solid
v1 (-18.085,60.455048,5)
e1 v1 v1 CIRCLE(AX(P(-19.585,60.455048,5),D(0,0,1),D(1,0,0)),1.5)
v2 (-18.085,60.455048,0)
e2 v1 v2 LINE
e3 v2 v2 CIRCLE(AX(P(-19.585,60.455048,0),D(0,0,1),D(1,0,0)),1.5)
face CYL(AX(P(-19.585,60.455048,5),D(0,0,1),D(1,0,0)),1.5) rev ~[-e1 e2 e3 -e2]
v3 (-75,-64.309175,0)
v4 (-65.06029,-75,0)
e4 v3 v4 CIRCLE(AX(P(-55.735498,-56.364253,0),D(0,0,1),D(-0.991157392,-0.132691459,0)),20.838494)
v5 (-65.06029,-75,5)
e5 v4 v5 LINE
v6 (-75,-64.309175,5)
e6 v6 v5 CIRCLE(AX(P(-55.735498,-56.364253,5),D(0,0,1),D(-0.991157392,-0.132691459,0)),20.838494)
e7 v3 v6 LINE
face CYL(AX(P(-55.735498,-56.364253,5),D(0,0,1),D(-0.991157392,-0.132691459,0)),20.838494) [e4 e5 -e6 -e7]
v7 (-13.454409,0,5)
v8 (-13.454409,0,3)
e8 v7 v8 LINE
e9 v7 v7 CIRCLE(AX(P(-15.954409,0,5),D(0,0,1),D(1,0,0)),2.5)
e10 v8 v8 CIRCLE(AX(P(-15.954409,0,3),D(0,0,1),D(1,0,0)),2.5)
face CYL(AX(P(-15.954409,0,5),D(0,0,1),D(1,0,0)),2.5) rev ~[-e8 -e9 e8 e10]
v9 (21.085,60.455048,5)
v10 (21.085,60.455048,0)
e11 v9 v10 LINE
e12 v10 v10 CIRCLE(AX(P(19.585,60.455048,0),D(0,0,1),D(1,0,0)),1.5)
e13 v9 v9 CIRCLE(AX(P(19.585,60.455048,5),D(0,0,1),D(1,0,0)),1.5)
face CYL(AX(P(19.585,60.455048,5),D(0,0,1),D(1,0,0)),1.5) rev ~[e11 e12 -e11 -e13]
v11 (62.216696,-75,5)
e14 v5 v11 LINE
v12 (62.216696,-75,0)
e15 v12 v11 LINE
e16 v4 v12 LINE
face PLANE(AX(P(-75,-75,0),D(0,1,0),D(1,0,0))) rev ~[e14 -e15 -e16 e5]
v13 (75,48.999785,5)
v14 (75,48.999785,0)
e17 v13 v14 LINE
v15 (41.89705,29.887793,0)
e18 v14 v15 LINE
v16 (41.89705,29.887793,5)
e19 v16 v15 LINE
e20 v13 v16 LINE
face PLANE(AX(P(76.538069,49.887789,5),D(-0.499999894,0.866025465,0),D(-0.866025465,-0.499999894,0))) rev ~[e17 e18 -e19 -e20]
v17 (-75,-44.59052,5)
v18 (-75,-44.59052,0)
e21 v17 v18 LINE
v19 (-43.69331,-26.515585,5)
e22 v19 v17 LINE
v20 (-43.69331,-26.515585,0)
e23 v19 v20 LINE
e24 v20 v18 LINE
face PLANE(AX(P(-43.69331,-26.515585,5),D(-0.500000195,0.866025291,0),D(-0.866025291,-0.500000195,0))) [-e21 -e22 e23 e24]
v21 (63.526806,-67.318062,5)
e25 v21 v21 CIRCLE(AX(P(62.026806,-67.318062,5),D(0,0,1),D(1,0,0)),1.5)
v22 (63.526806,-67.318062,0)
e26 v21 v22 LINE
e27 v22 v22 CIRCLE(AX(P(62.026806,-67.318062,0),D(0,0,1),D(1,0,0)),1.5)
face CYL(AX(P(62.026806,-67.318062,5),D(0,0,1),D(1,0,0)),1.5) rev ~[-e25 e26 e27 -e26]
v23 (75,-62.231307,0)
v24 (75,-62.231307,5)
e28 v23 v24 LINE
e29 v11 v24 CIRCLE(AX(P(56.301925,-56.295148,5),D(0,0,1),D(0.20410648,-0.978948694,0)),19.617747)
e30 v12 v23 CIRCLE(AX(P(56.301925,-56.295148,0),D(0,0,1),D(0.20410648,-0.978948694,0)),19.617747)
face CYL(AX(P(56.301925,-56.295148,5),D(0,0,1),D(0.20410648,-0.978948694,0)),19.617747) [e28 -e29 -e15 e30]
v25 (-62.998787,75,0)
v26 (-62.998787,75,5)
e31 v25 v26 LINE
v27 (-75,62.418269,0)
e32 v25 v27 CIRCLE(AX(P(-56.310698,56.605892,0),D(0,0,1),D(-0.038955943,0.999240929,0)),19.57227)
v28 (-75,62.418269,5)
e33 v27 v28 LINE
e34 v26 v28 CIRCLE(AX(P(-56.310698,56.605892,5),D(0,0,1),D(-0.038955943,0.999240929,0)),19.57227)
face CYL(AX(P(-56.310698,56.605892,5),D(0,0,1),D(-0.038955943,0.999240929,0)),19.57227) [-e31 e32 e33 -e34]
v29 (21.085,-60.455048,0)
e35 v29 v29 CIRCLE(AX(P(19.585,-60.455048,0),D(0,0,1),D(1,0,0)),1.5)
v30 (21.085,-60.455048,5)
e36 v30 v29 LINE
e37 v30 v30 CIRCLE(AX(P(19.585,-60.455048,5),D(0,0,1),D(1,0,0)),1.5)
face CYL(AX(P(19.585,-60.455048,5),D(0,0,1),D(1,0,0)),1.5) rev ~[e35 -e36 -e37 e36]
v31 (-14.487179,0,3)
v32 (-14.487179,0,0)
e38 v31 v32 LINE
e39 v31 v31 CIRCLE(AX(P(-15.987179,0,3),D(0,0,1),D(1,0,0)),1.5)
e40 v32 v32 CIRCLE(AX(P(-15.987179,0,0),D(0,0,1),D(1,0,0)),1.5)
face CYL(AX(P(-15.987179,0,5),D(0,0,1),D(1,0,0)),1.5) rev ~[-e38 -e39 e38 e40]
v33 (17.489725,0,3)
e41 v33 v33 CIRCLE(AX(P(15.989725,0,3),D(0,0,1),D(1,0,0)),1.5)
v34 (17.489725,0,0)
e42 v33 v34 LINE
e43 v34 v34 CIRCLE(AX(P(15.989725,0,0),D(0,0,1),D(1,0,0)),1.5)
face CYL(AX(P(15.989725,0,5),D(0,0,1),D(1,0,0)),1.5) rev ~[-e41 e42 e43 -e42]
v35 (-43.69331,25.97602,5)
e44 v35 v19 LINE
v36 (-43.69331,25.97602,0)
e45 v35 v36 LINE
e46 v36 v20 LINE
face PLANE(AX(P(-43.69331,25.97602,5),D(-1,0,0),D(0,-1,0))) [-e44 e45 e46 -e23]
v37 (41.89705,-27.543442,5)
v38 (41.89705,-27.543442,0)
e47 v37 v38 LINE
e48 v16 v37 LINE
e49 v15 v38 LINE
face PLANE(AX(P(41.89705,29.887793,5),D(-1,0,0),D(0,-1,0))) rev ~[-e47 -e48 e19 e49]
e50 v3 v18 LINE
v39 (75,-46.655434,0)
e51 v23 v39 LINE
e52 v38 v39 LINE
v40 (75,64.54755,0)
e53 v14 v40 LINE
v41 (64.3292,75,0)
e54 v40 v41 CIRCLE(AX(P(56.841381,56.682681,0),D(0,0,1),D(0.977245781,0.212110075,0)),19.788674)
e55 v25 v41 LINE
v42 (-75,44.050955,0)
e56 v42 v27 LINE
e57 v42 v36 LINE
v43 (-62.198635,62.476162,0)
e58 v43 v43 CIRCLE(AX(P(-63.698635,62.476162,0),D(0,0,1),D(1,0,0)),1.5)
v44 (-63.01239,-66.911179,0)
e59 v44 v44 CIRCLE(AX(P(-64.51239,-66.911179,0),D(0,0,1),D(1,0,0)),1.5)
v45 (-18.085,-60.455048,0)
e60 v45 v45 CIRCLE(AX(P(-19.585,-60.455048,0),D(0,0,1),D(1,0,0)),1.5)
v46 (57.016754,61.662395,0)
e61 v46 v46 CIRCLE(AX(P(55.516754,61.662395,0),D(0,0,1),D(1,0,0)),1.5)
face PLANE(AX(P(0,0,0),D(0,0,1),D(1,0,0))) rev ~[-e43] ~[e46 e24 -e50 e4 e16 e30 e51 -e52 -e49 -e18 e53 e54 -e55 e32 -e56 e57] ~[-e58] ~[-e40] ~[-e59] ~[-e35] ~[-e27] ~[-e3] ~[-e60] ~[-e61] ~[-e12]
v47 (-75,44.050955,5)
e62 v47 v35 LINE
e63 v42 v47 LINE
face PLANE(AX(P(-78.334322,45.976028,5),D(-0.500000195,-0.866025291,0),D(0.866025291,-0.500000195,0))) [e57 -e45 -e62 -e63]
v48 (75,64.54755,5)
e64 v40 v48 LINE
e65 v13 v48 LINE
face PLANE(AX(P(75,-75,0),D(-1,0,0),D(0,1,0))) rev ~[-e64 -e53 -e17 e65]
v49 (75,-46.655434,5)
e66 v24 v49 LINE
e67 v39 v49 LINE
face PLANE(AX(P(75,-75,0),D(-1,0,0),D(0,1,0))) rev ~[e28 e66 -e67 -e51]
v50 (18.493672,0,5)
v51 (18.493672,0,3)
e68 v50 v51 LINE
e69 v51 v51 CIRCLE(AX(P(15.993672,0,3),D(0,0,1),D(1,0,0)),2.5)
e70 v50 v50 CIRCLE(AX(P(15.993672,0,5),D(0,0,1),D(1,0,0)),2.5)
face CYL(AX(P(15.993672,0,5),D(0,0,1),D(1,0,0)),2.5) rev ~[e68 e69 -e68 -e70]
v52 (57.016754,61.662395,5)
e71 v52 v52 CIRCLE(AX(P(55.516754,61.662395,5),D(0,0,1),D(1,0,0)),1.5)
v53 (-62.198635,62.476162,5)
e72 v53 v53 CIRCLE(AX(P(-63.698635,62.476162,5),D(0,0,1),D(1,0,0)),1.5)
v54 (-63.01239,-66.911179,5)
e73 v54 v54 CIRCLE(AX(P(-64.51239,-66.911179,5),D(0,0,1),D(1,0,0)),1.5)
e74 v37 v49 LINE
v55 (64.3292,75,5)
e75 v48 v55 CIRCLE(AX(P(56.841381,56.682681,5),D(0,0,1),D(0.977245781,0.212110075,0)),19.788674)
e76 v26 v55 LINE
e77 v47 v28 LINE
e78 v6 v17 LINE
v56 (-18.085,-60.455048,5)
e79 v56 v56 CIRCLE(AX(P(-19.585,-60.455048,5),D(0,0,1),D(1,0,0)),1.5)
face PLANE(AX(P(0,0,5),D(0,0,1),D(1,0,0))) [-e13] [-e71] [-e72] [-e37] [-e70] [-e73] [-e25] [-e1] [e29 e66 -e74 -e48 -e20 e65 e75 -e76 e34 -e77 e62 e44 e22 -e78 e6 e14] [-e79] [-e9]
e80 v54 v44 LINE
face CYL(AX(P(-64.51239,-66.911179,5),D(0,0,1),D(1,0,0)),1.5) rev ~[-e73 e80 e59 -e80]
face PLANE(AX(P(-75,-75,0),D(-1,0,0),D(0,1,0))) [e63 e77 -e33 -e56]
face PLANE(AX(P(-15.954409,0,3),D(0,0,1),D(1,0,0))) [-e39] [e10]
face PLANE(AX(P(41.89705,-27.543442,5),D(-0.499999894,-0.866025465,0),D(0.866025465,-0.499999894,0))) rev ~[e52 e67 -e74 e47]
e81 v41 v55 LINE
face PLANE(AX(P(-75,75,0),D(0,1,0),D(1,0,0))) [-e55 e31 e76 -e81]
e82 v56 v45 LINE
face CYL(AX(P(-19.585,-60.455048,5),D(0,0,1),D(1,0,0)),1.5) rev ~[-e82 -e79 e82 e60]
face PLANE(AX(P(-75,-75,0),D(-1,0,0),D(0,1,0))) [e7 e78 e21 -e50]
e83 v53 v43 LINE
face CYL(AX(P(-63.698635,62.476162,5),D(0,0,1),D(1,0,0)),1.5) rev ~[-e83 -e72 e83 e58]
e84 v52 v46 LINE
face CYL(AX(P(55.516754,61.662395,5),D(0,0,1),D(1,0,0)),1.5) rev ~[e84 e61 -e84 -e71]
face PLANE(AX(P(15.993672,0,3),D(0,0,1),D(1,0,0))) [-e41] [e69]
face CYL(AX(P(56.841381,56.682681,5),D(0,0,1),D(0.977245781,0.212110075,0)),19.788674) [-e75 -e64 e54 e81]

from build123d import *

# Parameters (mm, degrees)
SKETCH_W        = 150
SKETCH_H        = 150
PAD_DEPTH       = 5
SKETCH001_R     = 1.5
POCKET_DEPTH    = 6
POCKET001_DEPTH = 6
SKETCH003_R     = 1.5
POCKET002_DEPTH = 6
SKETCH004_R     = 2.5
POCKET003_DEPTH = 2


with BuildPart() as part:
    # Sketch → Pad (new body)
    with BuildSketch(Plane.XY):
        Rectangle(SKETCH_W, SKETCH_H)
    extrude(amount=PAD_DEPTH)

    # Sketch001 (on Face6 of Pad) → Pocket (cut)
    with BuildSketch(Plane.XY.offset(5)):
        with Locations((-63.698635, 62.476162)):
            Circle(SKETCH001_R)
        with Locations((55.516754, 61.662395)):
            Circle(SKETCH001_R)
        with Locations((62.026806, -67.318062)):
            Circle(SKETCH001_R)
        with Locations((-64.51239, -66.911179)):
            Circle(SKETCH001_R)
        with Locations((-15.987179, 0)):
            Circle(SKETCH001_R)
        with Locations((15.989725, 0)):
            Circle(SKETCH001_R)
        Polygon((-78.334322, 45.976028), (-43.69331, 25.97602), (-43.69331, -26.515585), (-78.334322, -46.515593), align=None)
        Polygon((76.538069, 49.887789), (41.89705, 29.887793), (41.89705, -27.543442), (76.538069, -47.543438), align=None)
    extrude(amount=-POCKET_DEPTH, mode=Mode.SUBTRACT)

    # Sketch002 (on Face5 of Pocket) → Pocket001 (cut)
    with BuildSketch(Plane.XY.offset(5)):
        with BuildLine():
            ThreePointArc((-76.389725, -59.129343), (-71.755036, -69.691564), (-62.212372, -76.170639))
            Line((-62.212372, -76.170639), (-76.389725, -76.170639))
            Line((-76.389725, -59.129343), (-76.389725, -76.170639))
        make_face()
        with BuildLine():
            ThreePointArc((76.179779, 60.880058), (70.14646, 71.330769), (59.165479, 76.334403))
            Line((59.165479, 76.334403), (75.819939, 75.661225))
            Line((76.179779, 60.880058), (75.819939, 75.661225))
        make_face()
        with BuildLine():
            ThreePointArc((60.306034, -75.499916), (70.844496, -69.462138), (75.808842, -58.377499))
            Line((75.808842, -58.377499), (75.280468, -75.273705))
            Line((60.306034, -75.499916), (75.280468, -75.273705))
        make_face()
        with BuildLine():
            ThreePointArc((-57.073154, 76.163305), (-69.273576, 71.27005), (-75.626793, 59.762188))
            Line((-75.626793, 59.762188), (-75.289242, 75.58445))
            Line((-57.073154, 76.163305), (-75.289242, 75.58445))
        make_face()
    extrude(amount=-POCKET001_DEPTH, mode=Mode.SUBTRACT)

    # Sketch003 (on Face4 of Pocket001) → Pocket002 (cut)
    with BuildSketch(Plane.XY.offset(5)):
        with Locations((-19.585, 60.455048)):
            Circle(SKETCH003_R)
        with Locations((19.585, 60.455048)):
            Circle(SKETCH003_R)
        with Locations((19.585, -60.455048)):
            Circle(SKETCH003_R)
        with Locations((-19.585, -60.455048)):
            Circle(SKETCH003_R)
    extrude(amount=-POCKET002_DEPTH, mode=Mode.SUBTRACT)

    # Sketch004 (on Face4 of Pocket002) → Pocket003 (cut)
    with BuildSketch(Plane.XY.offset(5)):
        with Locations((-15.954409, 0)):
            Circle(SKETCH004_R)
        with Locations((15.993672, 0)):
            Circle(SKETCH004_R)
    extrude(amount=-POCKET003_DEPTH, mode=Mode.SUBTRACT)


solid = part.part
